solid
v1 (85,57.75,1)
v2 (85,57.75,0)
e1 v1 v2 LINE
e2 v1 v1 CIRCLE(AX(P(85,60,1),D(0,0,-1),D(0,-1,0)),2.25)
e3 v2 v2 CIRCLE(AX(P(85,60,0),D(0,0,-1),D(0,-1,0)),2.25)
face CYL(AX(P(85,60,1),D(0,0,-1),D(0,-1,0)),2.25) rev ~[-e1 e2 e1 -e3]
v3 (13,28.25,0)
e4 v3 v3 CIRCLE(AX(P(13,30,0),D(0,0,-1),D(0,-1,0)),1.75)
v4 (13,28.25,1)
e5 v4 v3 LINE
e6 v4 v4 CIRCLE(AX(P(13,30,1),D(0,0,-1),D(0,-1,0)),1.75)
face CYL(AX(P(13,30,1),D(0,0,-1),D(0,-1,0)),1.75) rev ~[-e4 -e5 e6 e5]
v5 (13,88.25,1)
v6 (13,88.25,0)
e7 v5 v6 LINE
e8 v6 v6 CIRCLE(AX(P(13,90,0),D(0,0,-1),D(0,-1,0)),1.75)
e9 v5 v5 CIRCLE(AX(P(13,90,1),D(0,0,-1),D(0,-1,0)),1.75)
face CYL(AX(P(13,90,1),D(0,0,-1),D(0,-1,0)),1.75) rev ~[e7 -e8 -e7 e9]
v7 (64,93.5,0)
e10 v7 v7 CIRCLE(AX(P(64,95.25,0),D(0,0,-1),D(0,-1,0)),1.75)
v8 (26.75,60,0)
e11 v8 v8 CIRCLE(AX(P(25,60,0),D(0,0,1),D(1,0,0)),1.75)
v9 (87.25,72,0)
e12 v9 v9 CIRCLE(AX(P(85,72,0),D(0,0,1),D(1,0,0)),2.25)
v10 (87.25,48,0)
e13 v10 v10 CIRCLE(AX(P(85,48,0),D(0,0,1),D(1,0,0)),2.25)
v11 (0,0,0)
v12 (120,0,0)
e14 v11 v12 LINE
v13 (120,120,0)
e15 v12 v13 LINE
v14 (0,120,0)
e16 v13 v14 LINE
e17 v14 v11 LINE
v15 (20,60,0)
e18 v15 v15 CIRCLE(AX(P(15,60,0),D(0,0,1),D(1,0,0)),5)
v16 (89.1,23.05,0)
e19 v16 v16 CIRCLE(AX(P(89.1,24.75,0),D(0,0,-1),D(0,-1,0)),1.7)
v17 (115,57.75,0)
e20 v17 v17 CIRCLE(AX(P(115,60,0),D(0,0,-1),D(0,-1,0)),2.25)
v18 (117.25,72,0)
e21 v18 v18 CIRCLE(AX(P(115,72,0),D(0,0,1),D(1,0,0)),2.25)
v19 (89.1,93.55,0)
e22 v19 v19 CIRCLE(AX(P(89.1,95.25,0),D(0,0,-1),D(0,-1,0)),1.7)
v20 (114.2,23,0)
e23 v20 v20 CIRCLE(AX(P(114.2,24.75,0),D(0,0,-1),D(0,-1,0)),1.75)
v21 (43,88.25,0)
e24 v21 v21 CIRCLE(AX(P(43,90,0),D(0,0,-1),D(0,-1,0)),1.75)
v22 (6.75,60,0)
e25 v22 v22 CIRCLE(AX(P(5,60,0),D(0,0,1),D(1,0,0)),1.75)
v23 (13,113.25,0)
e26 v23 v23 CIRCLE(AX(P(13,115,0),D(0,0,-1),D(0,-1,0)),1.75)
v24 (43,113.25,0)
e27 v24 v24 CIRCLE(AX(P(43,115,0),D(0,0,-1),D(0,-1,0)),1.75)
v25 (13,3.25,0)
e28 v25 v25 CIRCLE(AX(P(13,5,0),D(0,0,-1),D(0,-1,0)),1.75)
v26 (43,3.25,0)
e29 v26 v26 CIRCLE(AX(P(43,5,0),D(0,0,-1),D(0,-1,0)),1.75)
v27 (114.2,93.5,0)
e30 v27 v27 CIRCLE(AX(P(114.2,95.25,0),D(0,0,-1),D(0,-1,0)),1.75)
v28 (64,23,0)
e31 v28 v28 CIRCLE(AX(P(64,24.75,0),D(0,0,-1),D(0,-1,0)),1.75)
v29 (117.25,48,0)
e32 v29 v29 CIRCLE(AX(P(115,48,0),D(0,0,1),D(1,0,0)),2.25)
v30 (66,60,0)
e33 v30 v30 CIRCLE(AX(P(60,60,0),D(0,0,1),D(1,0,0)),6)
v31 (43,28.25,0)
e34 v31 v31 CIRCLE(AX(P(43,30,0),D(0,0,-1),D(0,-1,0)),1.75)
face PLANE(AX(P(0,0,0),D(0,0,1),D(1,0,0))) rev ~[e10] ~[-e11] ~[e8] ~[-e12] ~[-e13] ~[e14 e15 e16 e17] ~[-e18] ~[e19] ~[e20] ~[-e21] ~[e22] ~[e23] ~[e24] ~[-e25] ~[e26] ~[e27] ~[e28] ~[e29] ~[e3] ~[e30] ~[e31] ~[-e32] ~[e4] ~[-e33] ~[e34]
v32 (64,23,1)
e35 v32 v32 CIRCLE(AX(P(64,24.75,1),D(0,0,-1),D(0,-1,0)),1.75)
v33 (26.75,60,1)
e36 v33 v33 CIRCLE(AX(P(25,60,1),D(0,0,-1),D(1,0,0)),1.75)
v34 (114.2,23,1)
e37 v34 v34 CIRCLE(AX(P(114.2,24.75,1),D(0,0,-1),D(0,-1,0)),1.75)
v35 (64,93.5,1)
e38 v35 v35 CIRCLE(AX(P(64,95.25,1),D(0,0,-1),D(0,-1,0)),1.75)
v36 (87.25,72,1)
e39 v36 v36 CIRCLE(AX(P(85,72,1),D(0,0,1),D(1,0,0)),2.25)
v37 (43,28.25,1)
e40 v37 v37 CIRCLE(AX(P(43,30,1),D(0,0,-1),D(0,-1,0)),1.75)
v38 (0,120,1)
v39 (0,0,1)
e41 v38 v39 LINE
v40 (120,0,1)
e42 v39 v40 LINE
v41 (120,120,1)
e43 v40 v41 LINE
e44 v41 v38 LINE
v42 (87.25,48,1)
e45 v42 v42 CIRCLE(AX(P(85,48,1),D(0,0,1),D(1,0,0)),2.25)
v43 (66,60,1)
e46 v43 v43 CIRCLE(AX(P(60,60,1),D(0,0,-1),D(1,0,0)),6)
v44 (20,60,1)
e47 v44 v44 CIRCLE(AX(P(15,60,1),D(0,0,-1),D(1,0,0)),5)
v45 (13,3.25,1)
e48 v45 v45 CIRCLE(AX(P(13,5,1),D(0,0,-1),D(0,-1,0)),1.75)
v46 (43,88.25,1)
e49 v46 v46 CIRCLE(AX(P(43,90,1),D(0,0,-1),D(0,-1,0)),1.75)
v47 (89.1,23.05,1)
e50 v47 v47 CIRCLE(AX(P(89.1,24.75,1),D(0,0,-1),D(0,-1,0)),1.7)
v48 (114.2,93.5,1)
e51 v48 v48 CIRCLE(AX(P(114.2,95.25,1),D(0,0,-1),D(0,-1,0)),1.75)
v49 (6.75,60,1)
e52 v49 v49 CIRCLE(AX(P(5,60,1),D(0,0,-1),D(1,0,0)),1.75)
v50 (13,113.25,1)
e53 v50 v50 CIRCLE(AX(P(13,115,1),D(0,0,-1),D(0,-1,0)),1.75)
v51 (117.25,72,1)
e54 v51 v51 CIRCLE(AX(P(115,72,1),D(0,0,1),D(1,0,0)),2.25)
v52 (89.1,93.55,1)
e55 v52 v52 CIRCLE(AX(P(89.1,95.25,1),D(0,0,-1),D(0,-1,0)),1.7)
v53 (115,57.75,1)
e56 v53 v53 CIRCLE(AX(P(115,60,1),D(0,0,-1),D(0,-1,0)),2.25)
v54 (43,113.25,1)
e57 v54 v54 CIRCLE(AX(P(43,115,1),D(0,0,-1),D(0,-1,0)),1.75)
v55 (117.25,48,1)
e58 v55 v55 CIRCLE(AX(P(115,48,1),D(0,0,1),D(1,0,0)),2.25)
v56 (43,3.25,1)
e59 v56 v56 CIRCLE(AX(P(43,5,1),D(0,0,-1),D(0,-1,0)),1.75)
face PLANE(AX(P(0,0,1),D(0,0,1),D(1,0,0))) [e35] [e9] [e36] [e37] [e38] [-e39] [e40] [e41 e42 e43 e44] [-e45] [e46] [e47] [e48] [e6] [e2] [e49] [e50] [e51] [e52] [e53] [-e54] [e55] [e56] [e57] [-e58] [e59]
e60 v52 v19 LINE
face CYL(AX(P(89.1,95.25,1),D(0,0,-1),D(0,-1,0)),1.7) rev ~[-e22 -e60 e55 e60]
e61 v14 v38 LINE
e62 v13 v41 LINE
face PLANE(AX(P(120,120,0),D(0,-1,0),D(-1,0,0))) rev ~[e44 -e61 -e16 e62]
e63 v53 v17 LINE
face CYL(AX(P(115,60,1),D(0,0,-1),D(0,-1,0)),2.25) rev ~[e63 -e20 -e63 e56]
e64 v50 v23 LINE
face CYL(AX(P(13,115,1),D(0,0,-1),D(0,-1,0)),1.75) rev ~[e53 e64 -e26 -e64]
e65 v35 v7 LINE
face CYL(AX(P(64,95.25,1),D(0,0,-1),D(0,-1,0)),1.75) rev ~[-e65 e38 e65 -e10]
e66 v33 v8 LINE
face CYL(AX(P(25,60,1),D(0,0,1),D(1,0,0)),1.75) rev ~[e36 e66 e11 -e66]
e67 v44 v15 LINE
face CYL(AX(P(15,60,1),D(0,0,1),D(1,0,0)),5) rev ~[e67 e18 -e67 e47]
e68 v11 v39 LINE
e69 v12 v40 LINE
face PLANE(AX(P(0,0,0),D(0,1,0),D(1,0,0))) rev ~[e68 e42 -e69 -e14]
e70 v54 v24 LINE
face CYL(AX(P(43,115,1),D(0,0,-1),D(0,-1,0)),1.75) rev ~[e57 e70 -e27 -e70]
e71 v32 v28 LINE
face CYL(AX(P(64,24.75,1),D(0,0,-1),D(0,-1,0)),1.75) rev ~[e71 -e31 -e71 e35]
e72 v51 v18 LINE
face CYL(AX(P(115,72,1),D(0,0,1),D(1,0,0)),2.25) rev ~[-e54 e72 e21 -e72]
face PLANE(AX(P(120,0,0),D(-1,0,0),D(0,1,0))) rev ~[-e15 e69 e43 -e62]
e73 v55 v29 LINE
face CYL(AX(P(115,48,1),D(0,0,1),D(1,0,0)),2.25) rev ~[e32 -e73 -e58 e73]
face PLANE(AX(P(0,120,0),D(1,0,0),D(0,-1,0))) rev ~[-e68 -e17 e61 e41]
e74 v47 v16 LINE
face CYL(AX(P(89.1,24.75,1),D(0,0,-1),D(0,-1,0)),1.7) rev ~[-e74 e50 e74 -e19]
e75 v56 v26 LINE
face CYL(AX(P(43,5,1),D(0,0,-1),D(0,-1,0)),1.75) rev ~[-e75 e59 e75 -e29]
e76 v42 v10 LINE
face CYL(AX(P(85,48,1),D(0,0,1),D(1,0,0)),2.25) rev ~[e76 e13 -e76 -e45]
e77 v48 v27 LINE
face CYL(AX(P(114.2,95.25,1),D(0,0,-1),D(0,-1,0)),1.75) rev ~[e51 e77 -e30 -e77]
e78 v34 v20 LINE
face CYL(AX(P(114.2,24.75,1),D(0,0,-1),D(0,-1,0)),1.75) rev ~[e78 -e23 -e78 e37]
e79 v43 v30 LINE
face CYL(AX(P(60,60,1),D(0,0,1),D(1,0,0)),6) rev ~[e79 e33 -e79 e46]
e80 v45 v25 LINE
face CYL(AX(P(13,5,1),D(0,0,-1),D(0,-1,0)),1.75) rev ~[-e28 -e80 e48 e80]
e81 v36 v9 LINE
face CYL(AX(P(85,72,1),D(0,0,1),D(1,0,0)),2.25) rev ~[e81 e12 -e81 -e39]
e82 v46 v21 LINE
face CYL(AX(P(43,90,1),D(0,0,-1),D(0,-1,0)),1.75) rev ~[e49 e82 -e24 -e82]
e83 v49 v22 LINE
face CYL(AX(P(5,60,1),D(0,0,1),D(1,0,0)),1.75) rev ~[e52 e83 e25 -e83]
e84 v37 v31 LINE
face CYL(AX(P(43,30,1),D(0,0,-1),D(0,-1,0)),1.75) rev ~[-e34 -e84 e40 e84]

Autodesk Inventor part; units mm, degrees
ref_plane "YZ Plane" through (0, 0, 0) normal (1, 0, 0) x (0, 1, 0)
ref_plane "XZ Plane" through (0, 0, 0) normal (0, 1, 0) x (-1, 0, 0)
sketch "スケッチ1" plane through (0, 0, 0) normal (0, 0, 1) x (1, 0, 0)
  line L0 (0, 0) -> (120, 0)
  line L1 (120, 0) -> (120, 120)
  line L2 (120, 120) -> (0, 120)
  line L3 (0, 120) -> (0, 0)
  dimension "d0" = 120
  dimension "d1" = 120
extrude "押し出し1" add sketch "スケッチ1" along normal blind 1
sketch "スケッチ2" plane through (0, 0, 1) normal (0, 0, 1) x (1, 0, 0)
  line L0 (0, 120) -> (0, 0) projected
  line L1 (0, 60) -> (120, 60)
  line L2 (120, 0) -> (120, 120) projected
  circle A0 centre (60, 60) radius 6
  circle A1 centre (15, 60) radius 5
  circle A2 centre (115, 95.25) radius 1.5
  circle A3 centre (85, 95.25) radius 1.5
  line L3 (120, 120) -> (0, 120) projected
  circle A4 centre (5, 60) radius 1.75
  circle A5 centre (25, 60) radius 1.75
  dimension "d4" = 12
  dimension "d5" = 10
  dimension "d6" = 3
  dimension "d7" = 3
  dimension "d8" = 15
  dimension "d9" = 30
  dimension "d10" = 5
  dimension "d11" = 24.75
  dimension "d12" = 24.75
  dimension "d13" = 3.5
  dimension "d14" = 3.5
  dimension "d15" = 20
  dimension "d16" = 5
extrude "押し出し2" cut sketch "スケッチ2" against normal through all contours A4 L1 | L1 A4 | A0 L1 | L1 A0 | A1 L1 | L1 A1 | A5 L1 | L1 A5 | A2 | A3
sketch "スケッチ3" plane through (0, 0, 1) normal (0, 0, 1) x (1, 0, 0)
  line L0 (0, 120) -> (0, 0) projected
  line L1 (0, 60) -> (120, 60) construction
  line L2 (120, 0) -> (120, 120) projected
  line L3 (120, 120) -> (0, 120) construction
  point P0 (13, 115)
  point P1 (43, 115)
  point P2 (13, 90)
  point P3 (43, 90)
  point P4 (13, 5)
  point P5 (43, 5)
  point P6 (13, 30)
  point P7 (43, 30)
  dimension "d19" = 5
  dimension "d20" = 13
  dimension "d23" = 30
  dimension "d26" = 25
hole "穴1" at (13, 115, 1) at (43, 115, 1) at (13, 90, 1) at (43, 90, 1) at (13, 5, 1) at (43, 5, 1) at (43, 30, 1) at (13, 30, 1) direction (0, 0, -1) diameter 3.5 end through all
sketch "スケッチ4" plane through (0, 0, 1) normal (0, 0, 1) x (1, 0, 0)
  point P0 (0, 0)
sketch "スケッチ5" plane through (0, 0, 1) normal (0, 0, 1) x (1, 0, 0)
  circle A0 centre (85, 95.25) radius 1.5 projected
  circle A1 centre (85, 95.25) radius 1.5
  circle A2 centre (115, 95.25) radius 1.5 projected
  circle A3 centre (115, 95.25) radius 1.5
  point P0 (0, 0)
extrude "押し出し3" add sketch "スケッチ5" against normal blind 1
sketch "スケッチ6" plane through (0, 0, 1) normal (0, 0, 1) x (1, 0, 0)
  line L0 (0, 120) -> (0, 0) projected
  line L1 (0, 60) -> (120, 60) construction
  line L2 (120, 0) -> (120, 120) projected
  line L3 (0, 0) -> (120, 0) projected
  line L4 (50.2, 60) -> (170.2, 60) construction
  line L5 (120, 120) -> (0, 120) projected
  point P0 (64, 24.75)
  point P1 (114.2, 24.75)
  point P2 (85, 48)
  point P3 (115, 48)
  point P4 (64, 95.25)
  point P5 (114.2, 95.25)
  point P6 (85, 72)
  point P7 (115, 72)
  dimension "d38" = 64
  dimension "d39" = 24.75
  dimension "d42" = 50.2
  dimension "d47" = 72
  dimension "d48" = 85
  dimension "d51" = 30
hole "穴2" at (64, 24.75, 1) at (114.2, 24.75, 1) at (85, 48, 1) at (115, 48, 1) at (85, 72, 1) at (115, 72, 1) at (64, 95.25, 1) at (114.2, 95.25, 1) direction (0, 0, -1) diameter 3.5 end through all
sketch "スケッチ7" plane through (0, 0, 1) normal (0, 0, 1) x (1, 0, 0)
  circle A0 centre (85, 72) radius 1.75 projected
  circle A1 centre (85, 72) radius 2.25
  circle A2 centre (115, 72) radius 1.75 projected
  circle A3 centre (115, 72) radius 2.25
  circle A4 centre (115, 48) radius 1.75 projected
  circle A5 centre (115, 48) radius 2.25
  circle A6 centre (85, 48) radius 1.75 projected
  circle A7 centre (85, 48) radius 2.25
  point P0 (0, 0)
  dimension "d63" = 4.5
  dimension "d64" = 4.5
  dimension "d65" = 4.5
  dimension "d66" = 4.5
extrude "押し出し4" cut sketch "スケッチ7" against normal blind 1 contours A0 | A1 | A2 | A3 | A4 | A5 | A6 | A7
sketch "スケッチ9" plane through (0, 0, 1) normal (0, 0, 1) x (1, 0, 0)
  circle A0 centre (85, 72) radius 2.25 construction
  circle A1 centre (85, 48) radius 2.25 construction
  line L0 (85, 72) -> (85, 48) construction
  circle A2 centre (115, 72) radius 2.25 construction
  circle A3 centre (115, 48) radius 2.25 construction
  line L1 (115, 72) -> (115, 48) construction
  point P0 (0, 0)
  point P1 (85, 60)
  point P2 (115, 60)
hole "穴3" at (85, 60, 1) at (115, 60, 1) direction (0, 0, -1) diameter 4.5 depth 1 clearance for "Countersunk Flat Head Screw ISO 2009/7046" size "M4" standard "ISO"
ref_plane "作業平面1" through (0, 60, 0) normal (0, 1, 0) x (1, 0, 0)
sketch "スケッチ10" plane through (0, 0, 1) normal (0, 0, 1) x (1, 0, 0)
  circle A0 centre (64, 95.25) radius 1.75 projected
  circle A1 centre (114.2, 95.25) radius 1.75 projected
  line L0 (64, 95.25) -> (114.2, 95.25)
  circle A2 centre (85, 60) radius 2.25 projected
  circle A3 centre (115, 60) radius 2.25 projected
  line L1 (85, 60) -> (115, 60)
  point P0 (0, 0)
  point P1 (89.1, 95.25)
  point P2 (89.1, 24.75)
hole "穴4" at (89.1, 95.25, 1) at (89.1, 24.75, 1) direction (0, 0, -1) diameter 3.4 depth 1 clearance for "Countersunk Flat Head Screw ISO 2009/7046" size "M3" standard "ISO"
properties part number "RD002_フレーム" material "アルミニウム 6061"
